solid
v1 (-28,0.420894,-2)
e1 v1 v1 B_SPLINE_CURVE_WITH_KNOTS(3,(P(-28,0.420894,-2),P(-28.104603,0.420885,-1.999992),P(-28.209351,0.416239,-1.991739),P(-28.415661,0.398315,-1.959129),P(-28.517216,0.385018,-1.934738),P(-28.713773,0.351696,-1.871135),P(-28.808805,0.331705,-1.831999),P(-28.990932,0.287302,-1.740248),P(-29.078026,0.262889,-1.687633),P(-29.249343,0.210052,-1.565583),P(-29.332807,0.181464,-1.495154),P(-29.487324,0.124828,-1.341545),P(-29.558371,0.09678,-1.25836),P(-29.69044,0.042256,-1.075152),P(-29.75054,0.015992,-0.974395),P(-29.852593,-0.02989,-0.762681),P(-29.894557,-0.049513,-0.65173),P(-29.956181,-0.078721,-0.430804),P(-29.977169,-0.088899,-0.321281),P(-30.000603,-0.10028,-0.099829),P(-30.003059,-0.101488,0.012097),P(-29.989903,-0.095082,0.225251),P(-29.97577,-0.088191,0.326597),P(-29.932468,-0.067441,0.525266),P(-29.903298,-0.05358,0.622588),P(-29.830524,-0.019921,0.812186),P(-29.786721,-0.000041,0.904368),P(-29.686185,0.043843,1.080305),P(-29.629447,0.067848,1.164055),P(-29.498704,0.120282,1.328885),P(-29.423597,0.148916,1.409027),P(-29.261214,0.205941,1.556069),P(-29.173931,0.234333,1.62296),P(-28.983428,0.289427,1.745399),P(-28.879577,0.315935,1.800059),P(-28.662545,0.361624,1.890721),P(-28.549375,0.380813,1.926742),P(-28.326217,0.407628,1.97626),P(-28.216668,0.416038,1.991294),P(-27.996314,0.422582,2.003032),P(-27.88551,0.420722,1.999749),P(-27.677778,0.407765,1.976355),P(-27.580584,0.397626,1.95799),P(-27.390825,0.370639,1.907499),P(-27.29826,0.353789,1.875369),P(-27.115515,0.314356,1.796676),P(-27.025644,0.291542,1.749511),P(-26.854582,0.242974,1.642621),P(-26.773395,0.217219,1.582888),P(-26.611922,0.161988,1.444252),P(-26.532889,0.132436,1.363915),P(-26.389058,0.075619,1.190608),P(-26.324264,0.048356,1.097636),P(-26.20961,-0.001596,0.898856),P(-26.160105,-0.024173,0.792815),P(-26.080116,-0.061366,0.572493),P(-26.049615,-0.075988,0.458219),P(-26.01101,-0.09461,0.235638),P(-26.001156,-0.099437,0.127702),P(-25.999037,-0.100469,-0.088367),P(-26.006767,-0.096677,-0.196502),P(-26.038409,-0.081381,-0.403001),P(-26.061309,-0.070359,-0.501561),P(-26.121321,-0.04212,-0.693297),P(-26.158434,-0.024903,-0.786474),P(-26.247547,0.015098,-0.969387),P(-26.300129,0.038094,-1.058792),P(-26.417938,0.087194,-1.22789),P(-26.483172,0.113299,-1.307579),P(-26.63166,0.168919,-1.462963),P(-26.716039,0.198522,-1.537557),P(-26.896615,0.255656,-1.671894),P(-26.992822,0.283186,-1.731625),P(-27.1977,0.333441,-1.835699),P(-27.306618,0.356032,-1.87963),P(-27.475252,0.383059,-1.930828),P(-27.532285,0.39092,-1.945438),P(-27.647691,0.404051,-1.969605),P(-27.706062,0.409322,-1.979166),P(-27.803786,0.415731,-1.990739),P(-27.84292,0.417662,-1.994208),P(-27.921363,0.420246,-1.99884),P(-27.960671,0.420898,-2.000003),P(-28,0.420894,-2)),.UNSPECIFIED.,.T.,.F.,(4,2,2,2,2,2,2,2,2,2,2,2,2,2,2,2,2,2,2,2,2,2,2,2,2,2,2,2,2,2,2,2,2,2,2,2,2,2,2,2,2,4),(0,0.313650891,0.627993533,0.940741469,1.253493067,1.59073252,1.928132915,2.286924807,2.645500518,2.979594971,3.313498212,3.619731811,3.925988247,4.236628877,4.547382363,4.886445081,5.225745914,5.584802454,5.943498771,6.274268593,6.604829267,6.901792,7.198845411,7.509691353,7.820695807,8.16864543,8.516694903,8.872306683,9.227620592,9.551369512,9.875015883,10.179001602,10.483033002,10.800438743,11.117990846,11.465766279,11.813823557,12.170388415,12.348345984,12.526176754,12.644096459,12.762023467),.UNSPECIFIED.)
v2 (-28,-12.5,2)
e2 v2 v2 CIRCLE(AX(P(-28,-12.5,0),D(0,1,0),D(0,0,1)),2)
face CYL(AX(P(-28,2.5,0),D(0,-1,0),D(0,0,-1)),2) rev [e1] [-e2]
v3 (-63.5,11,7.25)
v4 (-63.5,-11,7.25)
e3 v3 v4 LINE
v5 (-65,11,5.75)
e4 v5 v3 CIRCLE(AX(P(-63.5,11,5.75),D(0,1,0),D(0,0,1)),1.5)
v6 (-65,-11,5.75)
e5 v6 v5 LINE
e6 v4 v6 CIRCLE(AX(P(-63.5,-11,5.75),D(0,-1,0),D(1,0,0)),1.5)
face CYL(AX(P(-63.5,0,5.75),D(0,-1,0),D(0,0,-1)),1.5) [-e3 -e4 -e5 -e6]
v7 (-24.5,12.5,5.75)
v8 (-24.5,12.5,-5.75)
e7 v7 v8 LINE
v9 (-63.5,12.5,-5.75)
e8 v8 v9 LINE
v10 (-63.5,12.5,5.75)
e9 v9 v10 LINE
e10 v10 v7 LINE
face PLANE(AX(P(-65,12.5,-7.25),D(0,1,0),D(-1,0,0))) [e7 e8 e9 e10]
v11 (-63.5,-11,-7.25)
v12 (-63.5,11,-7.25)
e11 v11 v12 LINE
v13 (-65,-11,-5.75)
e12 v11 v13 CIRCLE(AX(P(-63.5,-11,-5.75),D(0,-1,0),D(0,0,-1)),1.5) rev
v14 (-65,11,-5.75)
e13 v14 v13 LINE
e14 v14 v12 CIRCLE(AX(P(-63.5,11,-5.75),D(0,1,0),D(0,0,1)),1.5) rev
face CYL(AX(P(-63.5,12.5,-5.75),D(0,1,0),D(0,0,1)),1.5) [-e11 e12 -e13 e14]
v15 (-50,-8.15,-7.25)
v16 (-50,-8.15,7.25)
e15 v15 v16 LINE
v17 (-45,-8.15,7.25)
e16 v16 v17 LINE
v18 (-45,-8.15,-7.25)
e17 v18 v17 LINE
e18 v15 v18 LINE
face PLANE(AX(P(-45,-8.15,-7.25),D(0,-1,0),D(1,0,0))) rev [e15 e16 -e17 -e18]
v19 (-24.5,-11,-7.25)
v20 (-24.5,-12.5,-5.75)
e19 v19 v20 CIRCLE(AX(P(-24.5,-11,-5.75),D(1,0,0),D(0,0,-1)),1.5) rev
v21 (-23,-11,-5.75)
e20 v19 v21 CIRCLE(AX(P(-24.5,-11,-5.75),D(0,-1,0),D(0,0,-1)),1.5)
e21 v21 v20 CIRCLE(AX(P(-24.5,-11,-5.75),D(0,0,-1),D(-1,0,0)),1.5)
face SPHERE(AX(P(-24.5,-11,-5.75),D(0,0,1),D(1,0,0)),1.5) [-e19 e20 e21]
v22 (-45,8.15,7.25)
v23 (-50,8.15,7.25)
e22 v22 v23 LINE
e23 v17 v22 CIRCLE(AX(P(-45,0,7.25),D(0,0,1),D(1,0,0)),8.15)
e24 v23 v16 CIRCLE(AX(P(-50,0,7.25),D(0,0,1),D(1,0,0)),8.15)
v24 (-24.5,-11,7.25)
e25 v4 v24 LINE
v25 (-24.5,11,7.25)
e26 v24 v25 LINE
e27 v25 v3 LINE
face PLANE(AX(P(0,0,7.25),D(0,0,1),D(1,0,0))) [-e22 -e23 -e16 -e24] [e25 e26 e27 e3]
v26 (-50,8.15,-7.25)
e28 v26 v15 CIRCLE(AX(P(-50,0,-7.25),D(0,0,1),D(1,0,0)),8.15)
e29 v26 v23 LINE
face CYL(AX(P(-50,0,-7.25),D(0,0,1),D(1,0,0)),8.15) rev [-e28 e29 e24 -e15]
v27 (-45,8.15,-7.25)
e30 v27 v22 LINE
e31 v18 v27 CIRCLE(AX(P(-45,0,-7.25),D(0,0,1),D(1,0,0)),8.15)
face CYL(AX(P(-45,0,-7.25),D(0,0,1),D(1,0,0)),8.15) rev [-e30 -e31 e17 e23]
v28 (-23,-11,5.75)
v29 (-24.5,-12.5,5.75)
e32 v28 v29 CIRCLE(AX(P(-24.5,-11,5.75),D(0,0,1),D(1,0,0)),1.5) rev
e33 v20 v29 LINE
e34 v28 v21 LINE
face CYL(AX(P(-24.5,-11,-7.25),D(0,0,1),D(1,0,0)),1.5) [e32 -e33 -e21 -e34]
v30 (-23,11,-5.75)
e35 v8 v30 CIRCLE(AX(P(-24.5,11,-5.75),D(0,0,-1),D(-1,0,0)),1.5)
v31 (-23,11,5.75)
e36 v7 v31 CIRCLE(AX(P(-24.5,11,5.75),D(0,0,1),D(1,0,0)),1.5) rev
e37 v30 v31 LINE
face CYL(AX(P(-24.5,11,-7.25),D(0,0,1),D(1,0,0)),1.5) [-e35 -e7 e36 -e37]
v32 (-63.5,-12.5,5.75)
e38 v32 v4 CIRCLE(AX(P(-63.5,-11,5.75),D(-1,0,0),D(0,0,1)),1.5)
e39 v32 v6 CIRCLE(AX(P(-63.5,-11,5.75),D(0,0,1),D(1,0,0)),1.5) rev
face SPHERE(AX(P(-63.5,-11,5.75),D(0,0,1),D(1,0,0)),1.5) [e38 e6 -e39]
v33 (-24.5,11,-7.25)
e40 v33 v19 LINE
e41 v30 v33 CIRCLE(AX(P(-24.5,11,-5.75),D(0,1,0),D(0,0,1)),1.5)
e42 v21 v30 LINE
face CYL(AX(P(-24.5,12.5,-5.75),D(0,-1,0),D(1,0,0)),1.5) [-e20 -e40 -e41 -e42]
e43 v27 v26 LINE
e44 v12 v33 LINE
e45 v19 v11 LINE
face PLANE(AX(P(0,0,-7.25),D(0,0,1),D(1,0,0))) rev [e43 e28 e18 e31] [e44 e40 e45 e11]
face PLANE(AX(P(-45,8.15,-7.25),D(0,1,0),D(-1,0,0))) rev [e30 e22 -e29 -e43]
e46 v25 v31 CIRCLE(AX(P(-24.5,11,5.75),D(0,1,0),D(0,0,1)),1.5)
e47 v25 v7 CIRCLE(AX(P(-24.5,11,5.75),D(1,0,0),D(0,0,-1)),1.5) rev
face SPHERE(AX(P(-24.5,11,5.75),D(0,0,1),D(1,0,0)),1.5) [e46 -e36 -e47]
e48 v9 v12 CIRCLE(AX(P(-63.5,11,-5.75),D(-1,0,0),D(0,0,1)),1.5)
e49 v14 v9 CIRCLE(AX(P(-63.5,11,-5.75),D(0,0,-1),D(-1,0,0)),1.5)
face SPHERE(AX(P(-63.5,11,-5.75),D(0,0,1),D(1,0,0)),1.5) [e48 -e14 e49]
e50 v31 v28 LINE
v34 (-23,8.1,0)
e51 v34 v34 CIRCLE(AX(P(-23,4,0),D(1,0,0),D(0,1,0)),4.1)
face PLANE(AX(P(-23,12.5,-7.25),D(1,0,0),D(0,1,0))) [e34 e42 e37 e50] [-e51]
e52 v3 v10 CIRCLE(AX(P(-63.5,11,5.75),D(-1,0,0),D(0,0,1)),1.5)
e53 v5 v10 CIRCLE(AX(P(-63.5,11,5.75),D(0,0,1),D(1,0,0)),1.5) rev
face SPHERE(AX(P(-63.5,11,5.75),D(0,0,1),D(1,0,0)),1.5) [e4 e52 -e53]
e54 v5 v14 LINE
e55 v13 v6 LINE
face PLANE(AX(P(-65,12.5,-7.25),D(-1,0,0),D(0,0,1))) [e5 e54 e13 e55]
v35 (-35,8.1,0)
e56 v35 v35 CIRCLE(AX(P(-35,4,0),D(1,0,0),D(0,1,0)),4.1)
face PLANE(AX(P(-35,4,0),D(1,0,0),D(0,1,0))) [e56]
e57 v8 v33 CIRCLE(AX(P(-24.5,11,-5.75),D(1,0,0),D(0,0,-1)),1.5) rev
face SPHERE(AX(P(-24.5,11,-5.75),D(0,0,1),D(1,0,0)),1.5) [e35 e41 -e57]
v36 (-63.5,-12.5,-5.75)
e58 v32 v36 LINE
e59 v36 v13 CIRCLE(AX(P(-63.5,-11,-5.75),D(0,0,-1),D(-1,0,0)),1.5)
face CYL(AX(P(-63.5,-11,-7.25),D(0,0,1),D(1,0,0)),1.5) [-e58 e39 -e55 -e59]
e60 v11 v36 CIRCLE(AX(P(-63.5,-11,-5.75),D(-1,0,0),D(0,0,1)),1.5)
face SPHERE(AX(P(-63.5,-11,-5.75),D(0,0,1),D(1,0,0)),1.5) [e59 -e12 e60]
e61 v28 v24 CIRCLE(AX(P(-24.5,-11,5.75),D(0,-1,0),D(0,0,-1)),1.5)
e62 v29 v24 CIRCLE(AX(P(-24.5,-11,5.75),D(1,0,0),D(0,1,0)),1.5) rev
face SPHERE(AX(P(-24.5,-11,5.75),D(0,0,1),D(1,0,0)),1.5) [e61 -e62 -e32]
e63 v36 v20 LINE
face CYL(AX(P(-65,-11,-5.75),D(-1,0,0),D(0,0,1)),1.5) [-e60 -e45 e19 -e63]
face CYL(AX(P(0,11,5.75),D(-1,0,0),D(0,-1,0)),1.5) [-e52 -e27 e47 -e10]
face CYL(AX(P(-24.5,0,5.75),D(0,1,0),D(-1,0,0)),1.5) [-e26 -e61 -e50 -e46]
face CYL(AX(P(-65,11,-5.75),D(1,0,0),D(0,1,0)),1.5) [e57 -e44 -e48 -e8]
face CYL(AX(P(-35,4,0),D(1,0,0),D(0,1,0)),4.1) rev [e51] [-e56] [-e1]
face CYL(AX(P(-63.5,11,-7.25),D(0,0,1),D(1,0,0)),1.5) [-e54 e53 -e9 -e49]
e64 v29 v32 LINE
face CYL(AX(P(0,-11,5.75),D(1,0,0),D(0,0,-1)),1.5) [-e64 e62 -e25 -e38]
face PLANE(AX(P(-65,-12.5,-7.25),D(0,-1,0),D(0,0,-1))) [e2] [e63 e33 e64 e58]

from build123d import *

# Parameters (mm, degrees)
BOSS_EXTRUDE1_DEPTH      = 7.25
BOSS_EXTRUDE1_DEPTH_BACK = 7.25
SKETCH1_W                = 42
SKETCH1_H                = 25
SKETCH2_R                = 4.1
CUT_EXTRUDE1_DEPTH       = 12
SKETCH3_R                = 2
CUT_EXTRUDE5_DEPTH       = 15
FILLET3_R                = 1.5


with BuildPart() as part:
    # Sketch1 → Boss-Extrude1 (new, two sides: drawn at the far end of the back side and taken through both)
    with BuildSketch(Plane.XY.offset(-BOSS_EXTRUDE1_DEPTH_BACK)):
        with Locations((-44, 0)):
            Rectangle(SKETCH1_W, SKETCH1_H)
        with BuildLine():
            Line((-45, -8.15), (-50, -8.15))
            ThreePointArc((-50, -8.15), (-58.15, 0), (-50, 8.15))
            Line((-50, 8.15), (-45, 8.15))
            ThreePointArc((-45, 8.15), (-36.85, 0), (-45, -8.15))
        make_face(mode=Mode.SUBTRACT)
    extrude(amount=BOSS_EXTRUDE1_DEPTH + BOSS_EXTRUDE1_DEPTH_BACK)

    # Sketch2 → Cut-Extrude1 (cut)
    with BuildSketch(Plane(origin=(-23, 0, 0), x_dir=(0, 0, -1), z_dir=(1, 0, 0))):
        with Locations((0, 4)):
            Circle(SKETCH2_R)
    extrude(amount=-CUT_EXTRUDE1_DEPTH, mode=Mode.SUBTRACT)

    # Sketch3 → Cut-Extrude5 (cut)
    with BuildSketch(Plane(origin=(0, -12.5, 0), x_dir=(1, 0, 0), z_dir=(0, 1, 0))):
        with Locations((-28, 0)):
            Circle(SKETCH3_R)
    extrude(amount=CUT_EXTRUDE5_DEPTH, mode=Mode.SUBTRACT)

    # Fillet3
    fillet3_edges = [part.edges().sort_by_distance(p)[0] for p in [
        (-65, 0, -7.25),
        (-65, 12.5, 0),
        (-65, 0, 7.25),
        (-65, -12.5, 0),
        (-23, 0, 7.25),
        (-23, 0, -7.25),
        (-44, -12.5, -7.25),
        (-44, -12.5, 7.25),
        (-44, 12.5, 7.25),
        (-23, -12.5, 0),
        (-23, 12.5, 0),
        (-44, 12.5, -7.25),
    ]]
    fillet(fillet3_edges, radius=FILLET3_R)


solid = part.part
